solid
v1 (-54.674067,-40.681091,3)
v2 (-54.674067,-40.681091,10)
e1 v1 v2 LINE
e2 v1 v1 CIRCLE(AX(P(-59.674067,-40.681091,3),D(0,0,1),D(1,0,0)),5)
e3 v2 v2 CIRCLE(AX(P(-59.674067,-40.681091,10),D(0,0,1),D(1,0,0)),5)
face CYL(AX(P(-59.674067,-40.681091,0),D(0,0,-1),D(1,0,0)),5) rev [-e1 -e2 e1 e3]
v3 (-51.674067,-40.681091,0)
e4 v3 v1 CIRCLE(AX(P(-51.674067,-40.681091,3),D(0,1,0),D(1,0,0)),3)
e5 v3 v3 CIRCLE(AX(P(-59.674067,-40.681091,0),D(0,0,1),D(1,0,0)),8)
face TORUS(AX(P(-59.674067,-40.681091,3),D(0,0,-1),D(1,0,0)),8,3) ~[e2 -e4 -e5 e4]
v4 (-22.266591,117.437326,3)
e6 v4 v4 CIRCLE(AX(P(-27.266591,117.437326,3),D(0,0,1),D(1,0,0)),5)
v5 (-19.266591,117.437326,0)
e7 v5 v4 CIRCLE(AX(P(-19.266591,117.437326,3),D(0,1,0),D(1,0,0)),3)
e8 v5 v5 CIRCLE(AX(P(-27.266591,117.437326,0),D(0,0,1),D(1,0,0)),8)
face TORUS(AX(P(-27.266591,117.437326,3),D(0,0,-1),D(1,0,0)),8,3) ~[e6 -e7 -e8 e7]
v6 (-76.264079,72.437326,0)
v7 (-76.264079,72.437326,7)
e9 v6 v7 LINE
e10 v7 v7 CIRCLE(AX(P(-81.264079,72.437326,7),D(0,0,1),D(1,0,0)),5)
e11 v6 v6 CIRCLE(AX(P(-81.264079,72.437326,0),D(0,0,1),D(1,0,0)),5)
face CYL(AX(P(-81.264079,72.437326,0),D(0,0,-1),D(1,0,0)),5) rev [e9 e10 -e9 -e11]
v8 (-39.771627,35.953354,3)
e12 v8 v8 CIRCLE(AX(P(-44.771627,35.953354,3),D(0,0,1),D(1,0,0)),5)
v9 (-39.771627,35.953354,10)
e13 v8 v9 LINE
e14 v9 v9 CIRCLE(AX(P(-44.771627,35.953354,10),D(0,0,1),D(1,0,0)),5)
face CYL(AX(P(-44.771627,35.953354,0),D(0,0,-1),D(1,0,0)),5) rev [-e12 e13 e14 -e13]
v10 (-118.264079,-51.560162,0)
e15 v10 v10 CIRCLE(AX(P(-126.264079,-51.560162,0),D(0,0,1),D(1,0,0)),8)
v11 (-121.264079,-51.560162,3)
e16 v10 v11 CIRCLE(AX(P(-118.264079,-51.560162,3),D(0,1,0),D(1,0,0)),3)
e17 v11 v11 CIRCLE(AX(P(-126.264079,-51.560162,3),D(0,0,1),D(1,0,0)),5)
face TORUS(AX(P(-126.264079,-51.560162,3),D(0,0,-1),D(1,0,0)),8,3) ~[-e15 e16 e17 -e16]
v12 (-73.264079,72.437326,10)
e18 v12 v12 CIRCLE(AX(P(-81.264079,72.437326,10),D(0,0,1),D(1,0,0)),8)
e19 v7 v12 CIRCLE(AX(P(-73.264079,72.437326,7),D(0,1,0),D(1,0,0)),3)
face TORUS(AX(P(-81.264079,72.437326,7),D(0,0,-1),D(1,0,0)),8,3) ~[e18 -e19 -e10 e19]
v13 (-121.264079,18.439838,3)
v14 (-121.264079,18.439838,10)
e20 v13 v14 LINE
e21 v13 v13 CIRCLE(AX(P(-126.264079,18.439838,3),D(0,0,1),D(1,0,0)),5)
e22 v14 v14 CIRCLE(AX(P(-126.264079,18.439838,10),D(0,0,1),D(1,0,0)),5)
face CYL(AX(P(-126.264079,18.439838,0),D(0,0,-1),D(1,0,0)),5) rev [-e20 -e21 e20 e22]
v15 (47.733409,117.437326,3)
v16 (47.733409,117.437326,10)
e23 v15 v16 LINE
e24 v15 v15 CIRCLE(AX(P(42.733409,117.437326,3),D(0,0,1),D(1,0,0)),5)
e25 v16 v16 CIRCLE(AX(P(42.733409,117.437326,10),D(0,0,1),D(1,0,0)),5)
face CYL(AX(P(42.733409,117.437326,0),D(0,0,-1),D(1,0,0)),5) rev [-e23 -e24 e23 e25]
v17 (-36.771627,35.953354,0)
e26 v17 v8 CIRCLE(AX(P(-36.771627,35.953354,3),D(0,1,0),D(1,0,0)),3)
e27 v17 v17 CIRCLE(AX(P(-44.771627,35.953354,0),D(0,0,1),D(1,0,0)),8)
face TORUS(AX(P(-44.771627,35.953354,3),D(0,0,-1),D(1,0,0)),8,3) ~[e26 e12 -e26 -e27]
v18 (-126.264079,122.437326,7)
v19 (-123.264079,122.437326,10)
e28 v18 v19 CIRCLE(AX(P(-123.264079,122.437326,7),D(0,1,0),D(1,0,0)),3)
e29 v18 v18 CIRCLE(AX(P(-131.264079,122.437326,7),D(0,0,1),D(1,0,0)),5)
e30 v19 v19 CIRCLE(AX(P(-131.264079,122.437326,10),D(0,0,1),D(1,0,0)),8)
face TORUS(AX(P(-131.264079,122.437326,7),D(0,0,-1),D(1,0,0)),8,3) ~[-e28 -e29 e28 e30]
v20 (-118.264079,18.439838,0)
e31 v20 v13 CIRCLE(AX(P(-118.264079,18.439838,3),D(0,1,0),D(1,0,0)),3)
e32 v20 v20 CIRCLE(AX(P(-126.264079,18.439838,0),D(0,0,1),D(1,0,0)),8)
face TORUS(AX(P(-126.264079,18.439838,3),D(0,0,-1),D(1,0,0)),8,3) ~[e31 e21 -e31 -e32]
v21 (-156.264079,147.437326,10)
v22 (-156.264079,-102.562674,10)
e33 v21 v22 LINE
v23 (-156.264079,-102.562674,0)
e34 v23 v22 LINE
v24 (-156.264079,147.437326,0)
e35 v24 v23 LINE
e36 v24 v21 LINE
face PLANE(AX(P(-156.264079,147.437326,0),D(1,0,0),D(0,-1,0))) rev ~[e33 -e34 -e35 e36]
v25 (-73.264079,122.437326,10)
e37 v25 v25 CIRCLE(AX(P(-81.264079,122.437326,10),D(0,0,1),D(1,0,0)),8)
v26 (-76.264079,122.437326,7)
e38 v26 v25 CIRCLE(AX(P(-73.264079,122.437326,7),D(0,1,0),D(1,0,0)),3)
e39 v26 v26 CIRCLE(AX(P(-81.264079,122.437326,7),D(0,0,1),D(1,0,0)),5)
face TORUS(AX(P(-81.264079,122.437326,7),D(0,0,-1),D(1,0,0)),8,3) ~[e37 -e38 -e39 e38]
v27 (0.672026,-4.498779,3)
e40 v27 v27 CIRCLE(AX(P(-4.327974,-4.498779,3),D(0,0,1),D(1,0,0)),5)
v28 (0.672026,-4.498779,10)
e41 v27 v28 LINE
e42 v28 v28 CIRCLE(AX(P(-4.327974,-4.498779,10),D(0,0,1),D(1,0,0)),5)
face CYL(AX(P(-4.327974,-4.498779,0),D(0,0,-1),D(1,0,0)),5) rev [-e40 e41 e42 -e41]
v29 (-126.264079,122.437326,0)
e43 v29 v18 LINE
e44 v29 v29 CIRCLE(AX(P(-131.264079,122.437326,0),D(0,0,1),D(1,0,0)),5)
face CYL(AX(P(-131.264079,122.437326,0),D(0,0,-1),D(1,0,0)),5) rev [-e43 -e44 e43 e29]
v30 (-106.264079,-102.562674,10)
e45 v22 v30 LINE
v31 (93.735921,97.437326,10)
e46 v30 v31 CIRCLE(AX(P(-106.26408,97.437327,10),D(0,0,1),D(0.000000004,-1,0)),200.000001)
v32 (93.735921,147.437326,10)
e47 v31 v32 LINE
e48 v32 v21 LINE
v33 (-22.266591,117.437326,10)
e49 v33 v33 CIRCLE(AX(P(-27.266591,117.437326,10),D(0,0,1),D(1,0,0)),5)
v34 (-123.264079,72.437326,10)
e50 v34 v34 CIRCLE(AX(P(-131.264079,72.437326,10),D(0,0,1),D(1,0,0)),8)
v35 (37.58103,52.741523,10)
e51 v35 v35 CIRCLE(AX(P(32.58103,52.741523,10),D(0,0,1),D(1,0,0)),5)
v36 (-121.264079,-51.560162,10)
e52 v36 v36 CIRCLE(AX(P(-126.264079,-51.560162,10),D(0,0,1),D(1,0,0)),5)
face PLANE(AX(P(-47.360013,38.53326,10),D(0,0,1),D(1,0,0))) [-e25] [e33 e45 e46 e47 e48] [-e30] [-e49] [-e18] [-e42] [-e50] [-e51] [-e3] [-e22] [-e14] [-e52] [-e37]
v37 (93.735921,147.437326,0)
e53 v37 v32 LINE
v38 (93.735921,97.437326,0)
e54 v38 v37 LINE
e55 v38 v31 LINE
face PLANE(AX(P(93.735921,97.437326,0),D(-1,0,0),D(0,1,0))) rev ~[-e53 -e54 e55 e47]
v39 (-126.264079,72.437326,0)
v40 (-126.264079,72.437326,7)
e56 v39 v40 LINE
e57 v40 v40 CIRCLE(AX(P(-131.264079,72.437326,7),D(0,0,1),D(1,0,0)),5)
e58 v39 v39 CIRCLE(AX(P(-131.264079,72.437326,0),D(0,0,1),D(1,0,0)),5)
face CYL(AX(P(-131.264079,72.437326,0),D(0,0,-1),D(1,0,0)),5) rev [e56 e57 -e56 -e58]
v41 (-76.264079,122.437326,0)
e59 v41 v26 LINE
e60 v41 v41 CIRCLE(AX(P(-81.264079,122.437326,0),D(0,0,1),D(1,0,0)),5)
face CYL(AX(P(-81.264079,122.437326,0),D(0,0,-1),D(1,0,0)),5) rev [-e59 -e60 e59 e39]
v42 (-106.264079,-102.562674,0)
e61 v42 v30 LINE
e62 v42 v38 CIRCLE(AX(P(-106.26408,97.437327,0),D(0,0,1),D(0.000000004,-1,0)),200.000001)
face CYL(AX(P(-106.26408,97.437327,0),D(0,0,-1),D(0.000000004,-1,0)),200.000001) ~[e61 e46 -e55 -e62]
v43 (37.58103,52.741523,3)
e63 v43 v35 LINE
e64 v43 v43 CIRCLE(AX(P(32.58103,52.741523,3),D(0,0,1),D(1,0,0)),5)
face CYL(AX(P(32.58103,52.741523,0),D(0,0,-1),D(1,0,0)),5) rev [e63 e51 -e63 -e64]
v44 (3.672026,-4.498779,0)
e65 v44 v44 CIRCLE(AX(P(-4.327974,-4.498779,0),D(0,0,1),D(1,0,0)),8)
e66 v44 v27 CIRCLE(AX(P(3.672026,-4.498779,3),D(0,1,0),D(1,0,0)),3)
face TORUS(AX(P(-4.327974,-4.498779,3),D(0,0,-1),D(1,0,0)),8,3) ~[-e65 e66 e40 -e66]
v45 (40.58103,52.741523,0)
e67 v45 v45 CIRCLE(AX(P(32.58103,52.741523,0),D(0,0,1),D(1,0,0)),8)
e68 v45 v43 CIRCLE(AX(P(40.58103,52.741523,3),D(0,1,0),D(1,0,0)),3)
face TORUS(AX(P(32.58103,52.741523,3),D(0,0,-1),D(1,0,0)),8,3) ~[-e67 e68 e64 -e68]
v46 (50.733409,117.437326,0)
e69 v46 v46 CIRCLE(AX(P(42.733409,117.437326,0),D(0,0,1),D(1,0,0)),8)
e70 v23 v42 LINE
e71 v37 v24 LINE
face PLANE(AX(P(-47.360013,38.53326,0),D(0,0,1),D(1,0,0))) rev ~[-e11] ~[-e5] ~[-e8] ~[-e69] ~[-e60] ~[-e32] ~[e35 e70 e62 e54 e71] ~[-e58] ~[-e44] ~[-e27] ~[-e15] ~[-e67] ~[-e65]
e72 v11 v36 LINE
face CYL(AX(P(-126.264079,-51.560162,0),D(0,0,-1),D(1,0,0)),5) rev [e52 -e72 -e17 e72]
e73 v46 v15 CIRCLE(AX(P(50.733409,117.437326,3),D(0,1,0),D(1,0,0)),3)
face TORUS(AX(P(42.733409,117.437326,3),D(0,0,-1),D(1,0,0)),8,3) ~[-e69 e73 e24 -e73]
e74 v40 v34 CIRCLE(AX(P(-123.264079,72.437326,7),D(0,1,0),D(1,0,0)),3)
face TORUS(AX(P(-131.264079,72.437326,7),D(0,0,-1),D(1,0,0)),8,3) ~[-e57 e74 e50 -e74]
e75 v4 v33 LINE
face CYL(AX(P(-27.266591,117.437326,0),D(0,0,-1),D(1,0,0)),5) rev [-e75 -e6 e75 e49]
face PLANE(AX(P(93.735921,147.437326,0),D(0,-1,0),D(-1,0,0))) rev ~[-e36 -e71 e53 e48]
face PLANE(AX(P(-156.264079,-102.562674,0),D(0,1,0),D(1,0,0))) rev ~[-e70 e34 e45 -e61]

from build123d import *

# Parameters (mm, degrees)
F0_R     = 5
F1_DEPTH = 10
F2_R     = 3
F3_R     = 3


with BuildPart() as f1:
    # F0 (on Top) → F1 (new body)
    with BuildSketch(Plane.XY):
        with BuildLine():
            Line((93.735921, 147.437326), (-156.264079, 147.437326))
            Line((-156.264079, 147.437326), (-156.264079, -102.562674))
            Line((-156.264079, -102.562674), (-106.264079, -102.562674))
            ThreePointArc((-106.264079, -102.562674), (35.157277, -43.98403), (93.735921, 97.437326))
            Line((93.735921, 97.437326), (93.735921, 147.437326))
        make_face()
        with Locations((-126.264079, -51.560162)):
            Circle(F0_R, mode=Mode.SUBTRACT)
        with Locations((-59.674067, -40.681091)):
            Circle(F0_R, mode=Mode.SUBTRACT)
        with Locations((-126.264079, 18.439838)):
            Circle(F0_R, mode=Mode.SUBTRACT)
        with Locations((-4.327974, -4.498779)):
            Circle(F0_R, mode=Mode.SUBTRACT)
        with Locations((-131.264079, 72.437326)):
            Circle(F0_R, mode=Mode.SUBTRACT)
        with Locations((-44.771627, 35.953354)):
            Circle(F0_R, mode=Mode.SUBTRACT)
        with Locations((-81.264079, 72.437326)):
            Circle(F0_R, mode=Mode.SUBTRACT)
        with Locations((-131.264079, 122.437326)):
            Circle(F0_R, mode=Mode.SUBTRACT)
        with Locations((-81.264079, 122.437326)):
            Circle(F0_R, mode=Mode.SUBTRACT)
        with Locations((32.58103, 52.741523)):
            Circle(F0_R, mode=Mode.SUBTRACT)
        with Locations((-27.266591, 117.437326)):
            Circle(F0_R, mode=Mode.SUBTRACT)
        with Locations((42.733409, 117.437326)):
            Circle(F0_R, mode=Mode.SUBTRACT)
    extrude(amount=F1_DEPTH)

    # F2
    f2_edges = [f1.edges().sort_by_distance(p)[0] for p in [
        (-136.264079, 122.437326, 10),
        (-86.264079, 122.437326, 10),
        (-136.264079, 72.437326, 10),
        (-86.264079, 72.437326, 10),
    ]]
    fillet(f2_edges, radius=F2_R)

    # F3
    f3_edges = [f1.edges().sort_by_distance(p)[0] for p in [
        (-131.264079, -51.560162, 0),
        (-64.674067, -40.681091, 0),
        (-9.327974, -4.498779, 0),
        (27.58103, 52.741523, 0),
        (37.733409, 117.437326, 0),
        (-32.266591, 117.437326, 0),
        (-49.771627, 35.953354, 0),
        (-131.264079, 18.439838, 0),
    ]]
    fillet(f3_edges, radius=F3_R)


solid = f1.part
